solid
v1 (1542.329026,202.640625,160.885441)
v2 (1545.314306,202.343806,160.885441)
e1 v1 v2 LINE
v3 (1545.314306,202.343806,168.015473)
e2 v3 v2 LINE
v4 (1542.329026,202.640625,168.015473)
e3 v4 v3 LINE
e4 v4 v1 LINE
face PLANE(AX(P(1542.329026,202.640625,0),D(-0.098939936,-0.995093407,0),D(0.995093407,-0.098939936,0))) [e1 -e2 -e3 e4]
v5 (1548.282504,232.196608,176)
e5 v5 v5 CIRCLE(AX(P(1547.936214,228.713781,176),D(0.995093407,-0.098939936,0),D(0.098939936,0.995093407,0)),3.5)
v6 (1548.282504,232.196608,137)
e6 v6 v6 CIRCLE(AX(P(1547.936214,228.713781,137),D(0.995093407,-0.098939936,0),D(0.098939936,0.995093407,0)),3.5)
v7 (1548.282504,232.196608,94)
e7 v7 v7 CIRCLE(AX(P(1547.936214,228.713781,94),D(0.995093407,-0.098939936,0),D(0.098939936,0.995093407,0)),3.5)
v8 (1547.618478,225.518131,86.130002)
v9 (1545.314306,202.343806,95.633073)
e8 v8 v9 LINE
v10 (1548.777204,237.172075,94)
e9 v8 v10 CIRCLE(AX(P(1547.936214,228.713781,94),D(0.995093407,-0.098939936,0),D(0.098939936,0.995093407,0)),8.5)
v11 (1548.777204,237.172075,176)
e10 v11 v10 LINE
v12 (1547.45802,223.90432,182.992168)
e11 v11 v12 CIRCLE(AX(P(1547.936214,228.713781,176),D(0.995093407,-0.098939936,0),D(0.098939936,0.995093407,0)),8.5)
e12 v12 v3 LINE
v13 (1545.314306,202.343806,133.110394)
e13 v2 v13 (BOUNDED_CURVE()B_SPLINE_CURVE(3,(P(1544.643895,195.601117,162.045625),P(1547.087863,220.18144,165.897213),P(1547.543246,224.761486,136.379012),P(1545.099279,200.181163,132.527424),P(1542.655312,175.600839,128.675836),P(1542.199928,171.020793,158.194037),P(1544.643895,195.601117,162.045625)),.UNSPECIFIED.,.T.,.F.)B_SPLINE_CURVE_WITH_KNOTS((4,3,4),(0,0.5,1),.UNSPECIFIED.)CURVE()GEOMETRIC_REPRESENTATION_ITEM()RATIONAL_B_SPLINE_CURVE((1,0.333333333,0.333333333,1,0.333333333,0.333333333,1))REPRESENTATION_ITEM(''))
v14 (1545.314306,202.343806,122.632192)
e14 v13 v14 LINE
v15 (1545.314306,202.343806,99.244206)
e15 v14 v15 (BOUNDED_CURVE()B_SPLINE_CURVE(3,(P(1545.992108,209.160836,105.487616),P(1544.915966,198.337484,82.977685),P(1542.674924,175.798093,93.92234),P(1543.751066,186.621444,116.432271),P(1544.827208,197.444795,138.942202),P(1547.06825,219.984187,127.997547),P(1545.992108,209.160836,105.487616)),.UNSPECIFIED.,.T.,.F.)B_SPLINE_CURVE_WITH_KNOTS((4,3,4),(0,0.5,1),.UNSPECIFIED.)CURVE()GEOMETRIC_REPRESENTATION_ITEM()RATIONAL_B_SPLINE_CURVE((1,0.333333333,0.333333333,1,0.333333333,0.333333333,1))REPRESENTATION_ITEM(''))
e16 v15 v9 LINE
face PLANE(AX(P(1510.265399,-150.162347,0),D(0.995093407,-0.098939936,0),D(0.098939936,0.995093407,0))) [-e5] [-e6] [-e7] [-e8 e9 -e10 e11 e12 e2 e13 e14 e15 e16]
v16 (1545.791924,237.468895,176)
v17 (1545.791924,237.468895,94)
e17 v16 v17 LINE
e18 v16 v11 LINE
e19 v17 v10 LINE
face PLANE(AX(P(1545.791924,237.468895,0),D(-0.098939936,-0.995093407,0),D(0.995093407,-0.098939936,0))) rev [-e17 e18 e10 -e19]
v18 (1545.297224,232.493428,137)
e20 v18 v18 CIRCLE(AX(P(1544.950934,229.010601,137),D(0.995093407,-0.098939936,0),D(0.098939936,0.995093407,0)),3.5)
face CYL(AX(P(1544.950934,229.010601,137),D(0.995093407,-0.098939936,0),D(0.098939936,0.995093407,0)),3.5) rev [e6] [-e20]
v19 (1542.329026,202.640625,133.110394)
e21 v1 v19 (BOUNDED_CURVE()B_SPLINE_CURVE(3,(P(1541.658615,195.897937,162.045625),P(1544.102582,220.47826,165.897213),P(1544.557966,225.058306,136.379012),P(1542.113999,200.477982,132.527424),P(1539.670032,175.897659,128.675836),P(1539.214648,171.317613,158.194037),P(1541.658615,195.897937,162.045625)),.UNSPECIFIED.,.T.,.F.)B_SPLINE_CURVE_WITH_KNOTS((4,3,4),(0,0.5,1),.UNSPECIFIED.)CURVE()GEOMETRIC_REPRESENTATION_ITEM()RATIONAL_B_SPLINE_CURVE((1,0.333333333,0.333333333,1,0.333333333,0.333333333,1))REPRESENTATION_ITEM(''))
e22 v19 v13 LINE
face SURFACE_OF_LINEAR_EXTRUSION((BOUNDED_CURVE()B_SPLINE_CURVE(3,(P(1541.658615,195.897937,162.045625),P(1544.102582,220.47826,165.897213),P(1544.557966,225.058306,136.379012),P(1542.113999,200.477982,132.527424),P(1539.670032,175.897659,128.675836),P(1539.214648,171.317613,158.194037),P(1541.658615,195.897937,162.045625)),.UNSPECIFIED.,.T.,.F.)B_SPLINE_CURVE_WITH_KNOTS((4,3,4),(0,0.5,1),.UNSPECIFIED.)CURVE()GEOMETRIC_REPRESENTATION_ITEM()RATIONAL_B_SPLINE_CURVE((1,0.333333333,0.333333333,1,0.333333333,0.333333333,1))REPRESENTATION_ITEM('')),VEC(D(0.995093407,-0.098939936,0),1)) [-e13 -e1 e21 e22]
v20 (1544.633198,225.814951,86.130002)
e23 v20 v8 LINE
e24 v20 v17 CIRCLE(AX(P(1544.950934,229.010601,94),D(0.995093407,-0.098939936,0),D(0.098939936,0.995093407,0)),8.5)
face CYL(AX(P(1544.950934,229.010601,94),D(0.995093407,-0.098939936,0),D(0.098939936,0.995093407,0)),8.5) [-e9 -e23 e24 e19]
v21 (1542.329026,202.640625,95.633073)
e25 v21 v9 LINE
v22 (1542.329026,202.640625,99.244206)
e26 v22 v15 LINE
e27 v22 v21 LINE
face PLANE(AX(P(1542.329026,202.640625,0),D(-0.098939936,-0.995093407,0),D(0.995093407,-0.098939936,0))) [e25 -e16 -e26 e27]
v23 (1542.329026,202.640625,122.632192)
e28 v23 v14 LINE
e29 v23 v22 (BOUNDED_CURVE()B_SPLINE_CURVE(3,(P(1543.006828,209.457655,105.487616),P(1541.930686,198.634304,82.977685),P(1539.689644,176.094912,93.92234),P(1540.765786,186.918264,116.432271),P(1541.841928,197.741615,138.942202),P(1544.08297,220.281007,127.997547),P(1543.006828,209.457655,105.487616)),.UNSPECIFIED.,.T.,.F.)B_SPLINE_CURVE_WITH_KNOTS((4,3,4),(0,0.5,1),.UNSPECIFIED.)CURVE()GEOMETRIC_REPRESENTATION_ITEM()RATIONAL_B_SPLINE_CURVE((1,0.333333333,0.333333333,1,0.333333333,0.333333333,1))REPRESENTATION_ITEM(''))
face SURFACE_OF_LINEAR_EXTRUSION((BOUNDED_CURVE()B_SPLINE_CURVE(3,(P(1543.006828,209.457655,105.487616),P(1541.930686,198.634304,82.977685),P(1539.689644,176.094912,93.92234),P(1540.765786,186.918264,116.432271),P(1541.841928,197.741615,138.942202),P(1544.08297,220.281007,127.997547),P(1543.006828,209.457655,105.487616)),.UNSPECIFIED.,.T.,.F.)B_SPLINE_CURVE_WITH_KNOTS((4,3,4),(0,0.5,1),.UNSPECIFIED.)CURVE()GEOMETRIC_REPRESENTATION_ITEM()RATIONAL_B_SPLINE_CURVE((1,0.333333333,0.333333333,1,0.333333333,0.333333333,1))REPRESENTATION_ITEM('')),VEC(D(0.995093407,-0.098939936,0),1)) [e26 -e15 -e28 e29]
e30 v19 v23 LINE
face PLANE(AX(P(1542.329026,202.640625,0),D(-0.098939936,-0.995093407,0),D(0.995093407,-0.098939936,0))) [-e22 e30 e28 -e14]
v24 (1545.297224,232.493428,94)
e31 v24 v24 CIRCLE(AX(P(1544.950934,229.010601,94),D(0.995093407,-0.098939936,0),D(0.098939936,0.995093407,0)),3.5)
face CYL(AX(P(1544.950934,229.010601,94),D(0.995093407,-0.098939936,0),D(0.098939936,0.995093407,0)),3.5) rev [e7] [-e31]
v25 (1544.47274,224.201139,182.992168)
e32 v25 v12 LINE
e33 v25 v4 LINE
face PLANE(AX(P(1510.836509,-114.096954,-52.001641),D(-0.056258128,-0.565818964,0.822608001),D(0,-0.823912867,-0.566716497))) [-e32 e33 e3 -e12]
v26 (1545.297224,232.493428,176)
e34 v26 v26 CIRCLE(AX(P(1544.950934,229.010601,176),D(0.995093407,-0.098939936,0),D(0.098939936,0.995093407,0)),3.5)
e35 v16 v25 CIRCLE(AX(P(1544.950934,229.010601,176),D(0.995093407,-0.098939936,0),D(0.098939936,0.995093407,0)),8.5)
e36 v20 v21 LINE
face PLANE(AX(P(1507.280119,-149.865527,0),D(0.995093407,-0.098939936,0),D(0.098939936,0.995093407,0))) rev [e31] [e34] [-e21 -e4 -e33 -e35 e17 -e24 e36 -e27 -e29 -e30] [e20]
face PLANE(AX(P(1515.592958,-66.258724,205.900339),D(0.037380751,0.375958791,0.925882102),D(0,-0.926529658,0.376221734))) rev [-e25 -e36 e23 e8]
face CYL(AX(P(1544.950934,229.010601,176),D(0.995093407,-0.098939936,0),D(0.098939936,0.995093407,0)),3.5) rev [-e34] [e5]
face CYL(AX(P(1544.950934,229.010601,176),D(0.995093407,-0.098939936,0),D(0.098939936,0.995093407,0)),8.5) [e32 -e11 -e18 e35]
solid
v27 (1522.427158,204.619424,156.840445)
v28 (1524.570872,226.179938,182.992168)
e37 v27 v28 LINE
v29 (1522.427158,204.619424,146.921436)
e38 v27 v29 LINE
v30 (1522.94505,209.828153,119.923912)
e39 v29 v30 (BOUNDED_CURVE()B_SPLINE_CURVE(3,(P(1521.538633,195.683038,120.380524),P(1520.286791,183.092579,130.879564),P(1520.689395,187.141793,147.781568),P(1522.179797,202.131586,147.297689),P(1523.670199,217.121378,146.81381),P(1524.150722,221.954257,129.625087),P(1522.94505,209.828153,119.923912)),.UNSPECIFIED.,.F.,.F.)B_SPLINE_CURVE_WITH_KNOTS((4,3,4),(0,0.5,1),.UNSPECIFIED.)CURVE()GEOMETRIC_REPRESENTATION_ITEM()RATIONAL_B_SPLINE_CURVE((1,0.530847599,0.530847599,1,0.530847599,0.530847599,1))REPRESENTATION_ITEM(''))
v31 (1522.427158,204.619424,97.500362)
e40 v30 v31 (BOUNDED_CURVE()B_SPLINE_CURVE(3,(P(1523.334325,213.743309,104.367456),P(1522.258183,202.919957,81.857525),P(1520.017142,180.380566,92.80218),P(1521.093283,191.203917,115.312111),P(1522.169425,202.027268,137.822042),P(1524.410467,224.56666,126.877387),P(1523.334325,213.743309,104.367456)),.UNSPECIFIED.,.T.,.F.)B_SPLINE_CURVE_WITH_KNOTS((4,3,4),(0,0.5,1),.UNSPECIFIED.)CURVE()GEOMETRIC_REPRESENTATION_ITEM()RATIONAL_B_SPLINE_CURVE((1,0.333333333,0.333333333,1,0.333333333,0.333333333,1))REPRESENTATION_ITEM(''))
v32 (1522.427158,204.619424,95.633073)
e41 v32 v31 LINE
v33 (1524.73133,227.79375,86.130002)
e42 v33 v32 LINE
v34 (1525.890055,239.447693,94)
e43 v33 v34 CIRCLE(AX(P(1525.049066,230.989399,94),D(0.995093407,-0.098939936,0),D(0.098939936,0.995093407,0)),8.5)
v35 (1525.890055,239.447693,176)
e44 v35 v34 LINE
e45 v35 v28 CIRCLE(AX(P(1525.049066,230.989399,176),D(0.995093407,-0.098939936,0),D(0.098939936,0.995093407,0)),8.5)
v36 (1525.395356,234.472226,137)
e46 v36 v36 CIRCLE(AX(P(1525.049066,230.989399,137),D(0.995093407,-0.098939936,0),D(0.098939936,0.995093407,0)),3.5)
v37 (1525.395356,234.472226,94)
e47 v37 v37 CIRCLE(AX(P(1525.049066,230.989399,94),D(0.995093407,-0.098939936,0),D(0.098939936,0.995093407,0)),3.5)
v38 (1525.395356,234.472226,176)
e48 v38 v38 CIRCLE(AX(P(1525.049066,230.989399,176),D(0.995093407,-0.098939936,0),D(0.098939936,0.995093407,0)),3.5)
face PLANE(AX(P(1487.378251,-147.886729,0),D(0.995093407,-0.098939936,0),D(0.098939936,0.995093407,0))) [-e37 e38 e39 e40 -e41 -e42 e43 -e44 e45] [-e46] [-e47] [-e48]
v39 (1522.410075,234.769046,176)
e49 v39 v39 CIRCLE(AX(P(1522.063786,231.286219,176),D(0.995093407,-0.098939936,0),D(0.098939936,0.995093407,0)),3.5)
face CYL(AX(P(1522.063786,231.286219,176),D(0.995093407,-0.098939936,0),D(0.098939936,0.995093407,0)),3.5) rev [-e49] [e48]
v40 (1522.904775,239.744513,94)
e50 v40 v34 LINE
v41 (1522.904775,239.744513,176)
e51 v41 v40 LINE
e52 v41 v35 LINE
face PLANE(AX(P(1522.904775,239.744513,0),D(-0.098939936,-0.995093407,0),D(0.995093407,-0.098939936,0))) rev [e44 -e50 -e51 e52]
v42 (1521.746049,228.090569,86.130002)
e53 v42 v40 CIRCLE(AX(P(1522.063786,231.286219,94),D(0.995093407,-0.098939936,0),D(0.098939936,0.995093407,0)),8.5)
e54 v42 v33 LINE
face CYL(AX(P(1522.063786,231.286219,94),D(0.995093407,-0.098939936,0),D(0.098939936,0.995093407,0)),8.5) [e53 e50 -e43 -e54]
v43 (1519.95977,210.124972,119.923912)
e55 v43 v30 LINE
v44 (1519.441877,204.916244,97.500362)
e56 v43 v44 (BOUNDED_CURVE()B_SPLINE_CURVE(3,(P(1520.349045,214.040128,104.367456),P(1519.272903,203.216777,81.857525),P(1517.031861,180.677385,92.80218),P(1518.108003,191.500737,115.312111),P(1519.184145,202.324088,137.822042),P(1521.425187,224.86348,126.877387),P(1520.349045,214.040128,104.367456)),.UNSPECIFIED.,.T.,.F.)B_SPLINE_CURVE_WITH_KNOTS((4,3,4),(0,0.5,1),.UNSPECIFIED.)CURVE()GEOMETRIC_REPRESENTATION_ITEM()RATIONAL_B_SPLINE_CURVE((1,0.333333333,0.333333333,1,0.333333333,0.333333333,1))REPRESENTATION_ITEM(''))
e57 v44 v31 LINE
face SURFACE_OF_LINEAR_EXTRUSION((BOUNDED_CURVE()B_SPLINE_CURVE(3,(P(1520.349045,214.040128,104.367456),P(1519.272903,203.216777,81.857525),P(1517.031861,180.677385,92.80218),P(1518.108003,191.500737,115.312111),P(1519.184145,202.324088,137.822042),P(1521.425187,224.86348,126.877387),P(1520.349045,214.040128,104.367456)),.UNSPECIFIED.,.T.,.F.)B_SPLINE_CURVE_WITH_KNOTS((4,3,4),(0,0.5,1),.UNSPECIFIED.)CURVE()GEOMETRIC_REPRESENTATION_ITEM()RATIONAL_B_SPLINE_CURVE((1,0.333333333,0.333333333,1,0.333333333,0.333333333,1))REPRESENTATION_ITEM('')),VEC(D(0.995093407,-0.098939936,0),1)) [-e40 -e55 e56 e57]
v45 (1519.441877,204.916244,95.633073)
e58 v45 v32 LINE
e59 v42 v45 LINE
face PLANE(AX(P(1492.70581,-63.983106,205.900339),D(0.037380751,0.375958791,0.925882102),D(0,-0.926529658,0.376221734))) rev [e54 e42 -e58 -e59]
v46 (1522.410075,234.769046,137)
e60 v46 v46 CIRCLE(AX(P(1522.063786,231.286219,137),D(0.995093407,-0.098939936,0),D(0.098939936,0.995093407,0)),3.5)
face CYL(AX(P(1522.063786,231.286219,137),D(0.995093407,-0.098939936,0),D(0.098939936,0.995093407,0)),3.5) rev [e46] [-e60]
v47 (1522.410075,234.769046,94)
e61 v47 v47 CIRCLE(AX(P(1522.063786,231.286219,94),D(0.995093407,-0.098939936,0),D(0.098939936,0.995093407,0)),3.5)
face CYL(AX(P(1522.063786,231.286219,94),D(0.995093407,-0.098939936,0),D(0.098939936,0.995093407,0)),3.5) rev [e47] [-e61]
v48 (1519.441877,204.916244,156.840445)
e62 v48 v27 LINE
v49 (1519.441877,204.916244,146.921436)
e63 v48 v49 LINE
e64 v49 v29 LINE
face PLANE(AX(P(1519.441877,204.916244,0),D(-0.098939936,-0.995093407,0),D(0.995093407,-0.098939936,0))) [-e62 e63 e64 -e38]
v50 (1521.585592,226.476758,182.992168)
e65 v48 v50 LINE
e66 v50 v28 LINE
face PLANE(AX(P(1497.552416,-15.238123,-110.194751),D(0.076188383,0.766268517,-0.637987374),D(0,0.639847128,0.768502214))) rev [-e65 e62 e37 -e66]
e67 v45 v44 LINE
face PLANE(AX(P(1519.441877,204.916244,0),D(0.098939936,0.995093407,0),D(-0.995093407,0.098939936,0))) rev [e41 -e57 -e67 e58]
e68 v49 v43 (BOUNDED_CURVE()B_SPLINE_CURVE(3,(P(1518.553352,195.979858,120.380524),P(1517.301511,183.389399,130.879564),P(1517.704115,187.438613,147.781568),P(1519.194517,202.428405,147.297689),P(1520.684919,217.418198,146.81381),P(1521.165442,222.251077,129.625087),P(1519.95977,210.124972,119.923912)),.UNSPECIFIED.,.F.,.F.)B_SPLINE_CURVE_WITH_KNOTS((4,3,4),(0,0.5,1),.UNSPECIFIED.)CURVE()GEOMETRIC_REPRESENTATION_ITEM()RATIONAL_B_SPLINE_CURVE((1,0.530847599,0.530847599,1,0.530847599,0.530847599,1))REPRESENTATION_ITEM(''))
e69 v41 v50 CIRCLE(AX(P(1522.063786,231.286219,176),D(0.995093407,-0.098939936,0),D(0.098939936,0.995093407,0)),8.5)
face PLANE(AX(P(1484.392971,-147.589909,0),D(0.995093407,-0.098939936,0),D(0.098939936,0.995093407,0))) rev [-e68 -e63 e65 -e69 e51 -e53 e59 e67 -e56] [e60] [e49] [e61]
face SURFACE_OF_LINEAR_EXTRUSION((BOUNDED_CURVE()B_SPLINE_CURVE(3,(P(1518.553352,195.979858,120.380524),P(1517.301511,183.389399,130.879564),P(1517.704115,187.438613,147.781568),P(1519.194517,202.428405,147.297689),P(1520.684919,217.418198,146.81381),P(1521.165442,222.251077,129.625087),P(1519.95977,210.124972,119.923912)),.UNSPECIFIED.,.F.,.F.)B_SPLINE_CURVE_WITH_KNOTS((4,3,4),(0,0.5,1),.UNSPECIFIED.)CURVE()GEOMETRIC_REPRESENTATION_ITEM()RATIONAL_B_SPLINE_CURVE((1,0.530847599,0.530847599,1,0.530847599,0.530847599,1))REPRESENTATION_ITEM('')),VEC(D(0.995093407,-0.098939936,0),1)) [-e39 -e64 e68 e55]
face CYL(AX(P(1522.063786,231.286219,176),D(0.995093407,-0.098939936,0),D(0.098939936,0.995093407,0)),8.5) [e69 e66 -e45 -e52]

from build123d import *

# Parameters (mm, degrees)
SZKIC1_R                    = 3.5
DODANIE_WYCI_GNI_CIE1_DEPTH = 3
SZKIC2_R                    = 3.5
DODANIE_WYCI_GNI_CIE2_DEPTH = 3


with BuildPart() as part:
    # Szkic1 → Dodanie-wyciągnięcie1 (new body)
    with BuildSketch(Plane(origin=(1510.26539917, -150.162347119, 0), x_dir=(0, 0, -1), z_dir=(0.995093407, -0.098939936, 0))):
        with BuildLine():
            Line((-94, 389.244285112), (-176, 389.244285112))
            ThreePointArc((-176, 389.244285112), (-183.527682005, 384.691943106), (-182.99216801, 375.911109497))
            Line((-182.99216801, 375.911109497), (-168.015473067, 354.244285112))
            Line((-168.015473067, 354.244285112), (-160.885440505, 354.244285112))
            add(Edge.make_bspline(
                [(-160.885440505, 354.244285112), (-153.785636141, 368.019539208), (-137.697083979, 366.114436311), (-133.110394172, 354.244285112)],
                knots=[0.109763154, 0.109763154, 0.109763154, 0.109763154, 0.458625023, 0.458625023, 0.458625023, 0.458625023], degree=3, weights=[0.657330984, 0.39640678, 0.460028186, 0.848195201]))
            Line((-133.110394172, 354.244285112), (-122.632192473, 354.244285112))
            add(Edge.make_bspline(
                [(-122.632192473, 354.244285112), (-119.408973744, 362.626222554), (-111.475333465, 363.988172278), (-105.487616035, 361.094928434)],
                knots=[0.739553983, 0.739553983, 0.739553983, 0.739553983, 1, 1, 1, 1], degree=3, weights=[0.500872954, 0.486362962, 0.652738644, 1]))
            add(Edge.make_bspline(
                [(-105.487616035, 361.094928434), (-102.846358705, 359.818682251), (-100.484996274, 357.554609079), (-99.24420603, 354.244285112)],
                knots=[0, 0, 0, 0, 0.142552622, 0.142552622, 0.142552622, 0.142552622], degree=3, weights=[1, 0.809929837, 0.674049674, 0.592359511]))
            Line((-99.24420603, 354.244285112), (-95.633072844, 354.244285112))
            Line((-95.633072844, 354.244285112), (-86.130002131, 377.532878327))
            ThreePointArc((-86.130002131, 377.532878327), (-86.944967836, 385.485226069), (-94, 389.244285112))
        make_face()
        with Locations((-176, 380.744285112)):
            Circle(SZKIC1_R, mode=Mode.SUBTRACT)
        with Locations((-137, 380.744285112)):
            Circle(SZKIC1_R, mode=Mode.SUBTRACT)
        with Locations((-94, 380.744285112)):
            Circle(SZKIC1_R, mode=Mode.SUBTRACT)
    extrude(amount=-DODANIE_WYCI_GNI_CIE1_DEPTH)


with BuildPart() as body_2:
    # Szkic2 → Dodanie-wyciągnięcie2 (new body)
    with BuildSketch(Plane(origin=(1487.378250803, -147.886728596, 0), x_dir=(0, 0, -1), z_dir=(0.995093407, -0.098939936, 0))):
        with BuildLine():
            Line((-94, 389.244285112), (-176, 389.244285112))
            ThreePointArc((-176, 389.244285112), (-183.527682005, 384.691943106), (-182.99216801, 375.911109497))
            Line((-182.99216801, 375.911109497), (-156.840444696, 354.244285112))
            Line((-156.840444696, 354.244285112), (-146.921435672, 354.244285112))
            add(Edge.make_bspline(
                [(-146.921435672, 354.244285112), (-143.327169377, 367.52658758), (-127.980702926, 369.59903975), (-119.923911954, 359.478696835)],
                knots=[0.548877144, 0.548877144, 0.548877144, 0.548877144, 1, 1, 1, 1], degree=3, weights=[0.875864545, 0.535330773, 0.576709258, 1]))
            add(Edge.make_bspline(
                [(-119.923911954, 359.478696835), (-115.699468449, 365.269367694), (-109.261173327, 365.77778435), (-104.36745598, 363.413157469)],
                knots=[0.772719047, 0.772719047, 0.772719047, 0.772719047, 1, 1, 1, 1], degree=3, weights=[0.504129241, 0.531668476, 0.696958729, 1]))
            add(Edge.make_bspline(
                [(-104.36745598, 363.413157469), (-101.071249639, 361.820442245), (-98.258408522, 358.737930894), (-97.500362288, 354.244285112)],
                knots=[0, 0, 0, 0, 0.169893861, 0.169893861, 0.169893861, 0.169893861], degree=3, weights=[1, 0.773474852, 0.623920168, 0.551335948]))
            Line((-97.500362288, 354.244285112), (-95.633072844, 354.244285112))
            Line((-95.633072844, 354.244285112), (-86.130002131, 377.532878327))
            ThreePointArc((-86.130002131, 377.532878327), (-86.944967836, 385.485226069), (-94, 389.244285112))
        make_face()
        with Locations((-176, 380.744285112)):
            Circle(SZKIC2_R, mode=Mode.SUBTRACT)
        with Locations((-137, 380.744285112)):
            Circle(SZKIC2_R, mode=Mode.SUBTRACT)
        with Locations((-94, 380.744285112)):
            Circle(SZKIC2_R, mode=Mode.SUBTRACT)
    extrude(amount=-DODANIE_WYCI_GNI_CIE2_DEPTH)


solid = Compound([part.part, body_2.part])
